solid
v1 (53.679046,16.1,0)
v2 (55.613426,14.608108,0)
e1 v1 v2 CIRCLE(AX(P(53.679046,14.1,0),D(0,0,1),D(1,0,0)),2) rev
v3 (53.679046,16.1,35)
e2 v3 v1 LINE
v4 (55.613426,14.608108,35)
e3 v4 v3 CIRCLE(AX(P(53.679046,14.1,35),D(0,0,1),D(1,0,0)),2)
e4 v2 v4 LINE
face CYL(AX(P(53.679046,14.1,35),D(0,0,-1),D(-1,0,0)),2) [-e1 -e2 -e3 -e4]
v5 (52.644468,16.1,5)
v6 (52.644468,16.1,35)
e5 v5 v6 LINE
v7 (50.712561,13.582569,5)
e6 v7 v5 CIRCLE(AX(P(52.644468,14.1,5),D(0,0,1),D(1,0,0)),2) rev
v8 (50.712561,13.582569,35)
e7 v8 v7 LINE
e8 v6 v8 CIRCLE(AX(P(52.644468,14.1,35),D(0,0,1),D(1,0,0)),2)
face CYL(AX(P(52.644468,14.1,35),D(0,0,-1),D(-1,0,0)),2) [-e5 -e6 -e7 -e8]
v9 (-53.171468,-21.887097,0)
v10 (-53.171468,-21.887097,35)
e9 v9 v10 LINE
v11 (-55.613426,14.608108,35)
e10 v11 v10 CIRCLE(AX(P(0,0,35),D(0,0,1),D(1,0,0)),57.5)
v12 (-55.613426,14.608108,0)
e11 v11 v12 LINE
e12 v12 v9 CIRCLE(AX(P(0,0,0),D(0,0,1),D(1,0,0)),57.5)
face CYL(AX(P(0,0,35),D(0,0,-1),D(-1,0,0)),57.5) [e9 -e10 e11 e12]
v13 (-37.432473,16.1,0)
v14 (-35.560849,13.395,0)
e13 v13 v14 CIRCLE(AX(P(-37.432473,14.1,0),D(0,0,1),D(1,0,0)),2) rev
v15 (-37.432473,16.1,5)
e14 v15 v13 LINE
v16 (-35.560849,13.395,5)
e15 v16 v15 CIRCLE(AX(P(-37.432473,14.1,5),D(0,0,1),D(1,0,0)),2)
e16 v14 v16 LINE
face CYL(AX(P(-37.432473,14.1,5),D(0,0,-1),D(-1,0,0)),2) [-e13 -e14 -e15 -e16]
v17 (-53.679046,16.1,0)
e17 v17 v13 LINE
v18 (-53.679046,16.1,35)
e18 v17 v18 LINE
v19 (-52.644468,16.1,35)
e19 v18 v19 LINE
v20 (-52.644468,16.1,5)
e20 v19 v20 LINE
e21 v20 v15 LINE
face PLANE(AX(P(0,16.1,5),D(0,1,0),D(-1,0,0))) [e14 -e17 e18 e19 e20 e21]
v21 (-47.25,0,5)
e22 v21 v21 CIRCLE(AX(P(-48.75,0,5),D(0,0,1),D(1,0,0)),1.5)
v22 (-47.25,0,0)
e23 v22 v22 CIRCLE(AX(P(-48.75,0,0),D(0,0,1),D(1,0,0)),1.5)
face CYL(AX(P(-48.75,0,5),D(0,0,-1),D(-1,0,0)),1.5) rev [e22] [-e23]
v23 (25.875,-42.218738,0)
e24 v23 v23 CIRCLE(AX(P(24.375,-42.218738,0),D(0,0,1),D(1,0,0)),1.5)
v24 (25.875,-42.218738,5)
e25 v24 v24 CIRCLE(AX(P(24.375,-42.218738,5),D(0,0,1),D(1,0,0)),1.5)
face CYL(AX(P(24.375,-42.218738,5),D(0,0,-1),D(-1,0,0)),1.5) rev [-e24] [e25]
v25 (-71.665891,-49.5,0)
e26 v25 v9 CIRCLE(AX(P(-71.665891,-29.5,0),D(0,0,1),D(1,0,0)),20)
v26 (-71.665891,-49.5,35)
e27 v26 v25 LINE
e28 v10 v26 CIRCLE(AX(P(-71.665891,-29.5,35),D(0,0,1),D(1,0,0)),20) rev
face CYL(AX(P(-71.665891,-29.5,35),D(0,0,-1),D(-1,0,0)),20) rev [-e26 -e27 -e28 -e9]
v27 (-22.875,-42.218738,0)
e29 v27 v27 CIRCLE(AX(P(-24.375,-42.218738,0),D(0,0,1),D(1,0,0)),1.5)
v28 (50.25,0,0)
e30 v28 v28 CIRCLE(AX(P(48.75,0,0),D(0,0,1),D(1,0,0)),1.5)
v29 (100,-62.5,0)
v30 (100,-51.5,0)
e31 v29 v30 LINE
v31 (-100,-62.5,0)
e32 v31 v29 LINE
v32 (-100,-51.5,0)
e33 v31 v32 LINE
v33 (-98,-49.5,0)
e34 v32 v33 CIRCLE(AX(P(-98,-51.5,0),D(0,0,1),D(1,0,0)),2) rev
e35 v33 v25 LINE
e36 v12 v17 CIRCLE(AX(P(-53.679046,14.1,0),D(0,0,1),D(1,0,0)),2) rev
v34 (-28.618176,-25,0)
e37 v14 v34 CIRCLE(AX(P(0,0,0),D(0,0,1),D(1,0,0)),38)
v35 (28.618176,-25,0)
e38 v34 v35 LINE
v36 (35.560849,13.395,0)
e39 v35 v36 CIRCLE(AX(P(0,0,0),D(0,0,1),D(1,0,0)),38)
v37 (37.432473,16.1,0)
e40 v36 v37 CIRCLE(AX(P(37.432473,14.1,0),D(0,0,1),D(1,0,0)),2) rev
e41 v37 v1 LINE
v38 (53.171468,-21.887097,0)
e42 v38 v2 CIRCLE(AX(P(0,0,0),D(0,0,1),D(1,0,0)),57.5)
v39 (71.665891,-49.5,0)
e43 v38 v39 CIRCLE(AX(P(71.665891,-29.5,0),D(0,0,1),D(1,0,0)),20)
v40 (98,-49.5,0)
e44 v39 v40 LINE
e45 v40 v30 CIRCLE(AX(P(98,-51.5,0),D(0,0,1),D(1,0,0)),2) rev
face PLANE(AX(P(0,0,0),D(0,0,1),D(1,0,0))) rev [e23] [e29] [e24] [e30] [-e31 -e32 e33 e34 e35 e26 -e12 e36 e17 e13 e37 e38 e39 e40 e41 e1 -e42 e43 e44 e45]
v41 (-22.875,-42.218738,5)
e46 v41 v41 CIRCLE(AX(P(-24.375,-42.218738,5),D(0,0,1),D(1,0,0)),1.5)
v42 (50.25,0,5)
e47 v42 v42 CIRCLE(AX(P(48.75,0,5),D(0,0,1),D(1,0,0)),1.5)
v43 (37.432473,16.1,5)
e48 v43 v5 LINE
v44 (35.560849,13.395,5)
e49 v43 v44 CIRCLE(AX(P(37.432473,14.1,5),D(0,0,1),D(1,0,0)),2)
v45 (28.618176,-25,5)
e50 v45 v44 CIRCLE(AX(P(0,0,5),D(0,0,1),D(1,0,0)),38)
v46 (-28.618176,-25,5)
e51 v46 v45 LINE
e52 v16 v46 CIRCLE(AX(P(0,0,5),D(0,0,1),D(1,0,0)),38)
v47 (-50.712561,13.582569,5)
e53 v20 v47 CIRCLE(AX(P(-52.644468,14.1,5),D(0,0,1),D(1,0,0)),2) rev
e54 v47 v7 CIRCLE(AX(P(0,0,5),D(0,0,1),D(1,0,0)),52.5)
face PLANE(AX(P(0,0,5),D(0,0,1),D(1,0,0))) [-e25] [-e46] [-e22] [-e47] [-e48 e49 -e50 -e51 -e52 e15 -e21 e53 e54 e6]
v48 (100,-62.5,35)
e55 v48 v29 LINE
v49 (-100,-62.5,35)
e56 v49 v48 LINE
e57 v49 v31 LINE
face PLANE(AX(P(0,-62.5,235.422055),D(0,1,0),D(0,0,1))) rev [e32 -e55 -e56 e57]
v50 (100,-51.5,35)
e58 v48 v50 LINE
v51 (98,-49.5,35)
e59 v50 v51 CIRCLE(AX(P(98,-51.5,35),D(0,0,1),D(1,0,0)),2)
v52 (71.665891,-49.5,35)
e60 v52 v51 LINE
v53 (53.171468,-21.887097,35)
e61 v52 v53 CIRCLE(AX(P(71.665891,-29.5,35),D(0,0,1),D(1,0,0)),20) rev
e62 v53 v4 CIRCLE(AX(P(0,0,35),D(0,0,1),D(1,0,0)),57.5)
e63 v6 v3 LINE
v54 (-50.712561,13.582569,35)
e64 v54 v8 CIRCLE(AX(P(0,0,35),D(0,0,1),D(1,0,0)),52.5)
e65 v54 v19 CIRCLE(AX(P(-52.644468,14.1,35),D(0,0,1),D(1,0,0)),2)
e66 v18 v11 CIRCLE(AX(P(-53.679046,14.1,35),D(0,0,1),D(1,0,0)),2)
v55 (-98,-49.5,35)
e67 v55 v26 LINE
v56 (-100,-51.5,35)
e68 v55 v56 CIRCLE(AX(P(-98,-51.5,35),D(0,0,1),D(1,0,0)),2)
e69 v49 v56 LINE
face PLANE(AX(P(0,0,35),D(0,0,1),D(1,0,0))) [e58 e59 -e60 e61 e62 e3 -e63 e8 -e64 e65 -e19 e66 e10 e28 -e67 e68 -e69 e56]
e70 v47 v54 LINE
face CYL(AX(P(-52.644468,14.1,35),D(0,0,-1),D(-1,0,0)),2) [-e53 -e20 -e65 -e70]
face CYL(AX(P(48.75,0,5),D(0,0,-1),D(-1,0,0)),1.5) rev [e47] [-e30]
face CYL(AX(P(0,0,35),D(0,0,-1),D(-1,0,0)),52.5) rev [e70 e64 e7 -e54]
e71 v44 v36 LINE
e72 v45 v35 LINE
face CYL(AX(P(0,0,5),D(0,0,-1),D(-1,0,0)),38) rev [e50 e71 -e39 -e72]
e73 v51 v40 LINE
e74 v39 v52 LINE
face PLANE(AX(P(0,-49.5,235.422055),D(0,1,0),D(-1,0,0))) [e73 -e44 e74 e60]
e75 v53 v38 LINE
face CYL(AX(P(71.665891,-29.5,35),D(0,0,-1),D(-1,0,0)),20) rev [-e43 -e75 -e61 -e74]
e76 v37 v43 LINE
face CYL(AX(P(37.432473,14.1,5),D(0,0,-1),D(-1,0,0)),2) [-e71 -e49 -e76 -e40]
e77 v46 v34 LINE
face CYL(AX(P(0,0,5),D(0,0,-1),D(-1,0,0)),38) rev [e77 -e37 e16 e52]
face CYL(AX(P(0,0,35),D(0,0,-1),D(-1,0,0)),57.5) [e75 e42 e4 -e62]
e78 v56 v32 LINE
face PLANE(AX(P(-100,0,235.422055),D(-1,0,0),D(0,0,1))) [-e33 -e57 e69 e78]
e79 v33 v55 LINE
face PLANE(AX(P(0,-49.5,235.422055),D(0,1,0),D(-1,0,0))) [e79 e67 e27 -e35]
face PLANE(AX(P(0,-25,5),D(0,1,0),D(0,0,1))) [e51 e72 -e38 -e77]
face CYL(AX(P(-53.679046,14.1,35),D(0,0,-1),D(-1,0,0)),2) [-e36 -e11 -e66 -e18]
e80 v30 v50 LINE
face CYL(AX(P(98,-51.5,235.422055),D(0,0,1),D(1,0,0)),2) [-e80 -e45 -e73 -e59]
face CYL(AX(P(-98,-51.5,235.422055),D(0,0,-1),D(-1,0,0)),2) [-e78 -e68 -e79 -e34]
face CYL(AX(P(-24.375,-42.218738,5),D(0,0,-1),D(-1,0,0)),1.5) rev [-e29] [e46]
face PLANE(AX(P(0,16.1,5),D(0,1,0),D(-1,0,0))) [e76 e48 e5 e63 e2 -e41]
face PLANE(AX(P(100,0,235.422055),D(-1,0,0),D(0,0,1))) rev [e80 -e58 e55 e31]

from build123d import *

# Parameters (mm, degrees)
SKETCH2_R           = 1.5
BOSS_EXTRUDE1_DEPTH = 5
BOSS_EXTRUDE2_DEPTH = 35
FILLET1_R           = 2
SKETCH5_W           = 200
SKETCH5_H           = 5
BOSS_EXTRUDE3_DEPTH = 35
FILLET2_R           = 20
FILLET3_R           = 2


with BuildPart() as part:
    # Sketch2 → Boss-Extrude1 (new body)
    # profile 1 of 2: a face of its own
    with BuildSketch(Plane.XY):
        with BuildLine():
            Line((-34.420778608, 16.1), (-49.970391233, 16.1))
            ThreePointArc((-49.970391233, 16.1), (-8.148756355, -51.863742343), (52.5, 0))
            ThreePointArc((52.5, 0), (51.863742343, 8.148756355), (49.970391233, 16.1))
            Line((49.970391233, 16.1), (34.420778608, 16.1))
            ThreePointArc((34.420778608, 16.1), (37.094403804, 8.246526932), (38, 0))
            ThreePointArc((38, 0), (35.577315031, -13.35120426), (28.618176043, -25))
            ThreePointArc((28.618176043, -25), (0, -38), (-28.618176043, -25))
            ThreePointArc((-28.618176043, -25), (-37.626851461, -5.312254619), (-34.420778608, 16.1))
        make_face()
        with Locations((-24.375, -42.218738434)):
            Circle(SKETCH2_R, mode=Mode.SUBTRACT)
        with Locations((-48.75, 0)):
            Circle(SKETCH2_R, mode=Mode.SUBTRACT)
        with Locations((24.375, -42.218738434)):
            Circle(SKETCH2_R, mode=Mode.SUBTRACT)
        with Locations((48.75, 0)):
            Circle(SKETCH2_R, mode=Mode.SUBTRACT)
    # profile 2 of 2: a face of its own
    with BuildSketch(Plane.XY):
        with BuildLine():
            Line((28.618176043, -25), (-28.618176043, -25))
            ThreePointArc((-28.618176043, -25), (0, -38), (28.618176043, -25))
        make_face()
    extrude(amount=BOSS_EXTRUDE1_DEPTH)

    # Sketch4 → Boss-Extrude2 (add)
    with BuildSketch(Plane.XY):
        with BuildLine():
            ThreePointArc((49.970391233, 16.1), (0, -52.5), (-49.970391233, 16.1))
            Line((-49.970391233, 16.1), (-55.2, 16.1))
            ThreePointArc((-55.2, 16.1), (0, -57.5), (55.2, 16.1))
            Line((55.2, 16.1), (49.970391233, 16.1))
        make_face()
    extrude(amount=BOSS_EXTRUDE2_DEPTH)

    # Fillet1
    fillet1_edges = [part.edges().sort_by_distance(p)[0] for p in [
        (34.420778608, 16.1, 2.5),
        (-34.420778608, 16.1, 2.5),
        (-49.970391233, 16.1, 20),
        (-55.2, 16.1, 17.5),
        (55.2, 16.1, 17.5),
        (49.970391233, 16.1, 20),
    ]]
    fillet(fillet1_edges, radius=FILLET1_R)

    # Sketch5 → Boss-Extrude3 (add)
    with BuildSketch(Plane.XY):
        with BuildLine():
            Line((-100, -57.5), (3.75e-07, -57.5))
            ThreePointArc((3.75e-07, -57.5), (-15.165750707, -55.463952307), (-29.257477677, -49.5))
            Line((-29.257477677, -49.5), (-100, -49.5))
            Line((-100, -49.5), (-100, -57.5))
        make_face()
        with BuildLine():
            Line((3.75e-07, -57.5), (100, -57.5))
            Line((100, -57.5), (100, -49.5))
            Line((100, -49.5), (29.257477677, -49.5))
            ThreePointArc((29.257477677, -49.5), (15.165751069, -55.463952208), (3.75e-07, -57.5))
        make_face()
        with Locations((0, -60)):
            Rectangle(SKETCH5_W, SKETCH5_H)
    extrude(amount=BOSS_EXTRUDE3_DEPTH)

    # Fillet2
    fillet2_edges = [part.edges().sort_by_distance(p)[0] for p in [
        (-29.257477677, -49.5, 17.5),
        (29.257477677, -49.5, 17.5),
    ]]
    fillet(fillet2_edges, radius=FILLET2_R)

    # Fillet3
    fillet3_edges = [part.edges().sort_by_distance(p)[0] for p in [
        (100, -49.5, 17.5),
        (-100, -49.5, 17.5),
    ]]
    fillet(fillet3_edges, radius=FILLET3_R)


solid = part.part
